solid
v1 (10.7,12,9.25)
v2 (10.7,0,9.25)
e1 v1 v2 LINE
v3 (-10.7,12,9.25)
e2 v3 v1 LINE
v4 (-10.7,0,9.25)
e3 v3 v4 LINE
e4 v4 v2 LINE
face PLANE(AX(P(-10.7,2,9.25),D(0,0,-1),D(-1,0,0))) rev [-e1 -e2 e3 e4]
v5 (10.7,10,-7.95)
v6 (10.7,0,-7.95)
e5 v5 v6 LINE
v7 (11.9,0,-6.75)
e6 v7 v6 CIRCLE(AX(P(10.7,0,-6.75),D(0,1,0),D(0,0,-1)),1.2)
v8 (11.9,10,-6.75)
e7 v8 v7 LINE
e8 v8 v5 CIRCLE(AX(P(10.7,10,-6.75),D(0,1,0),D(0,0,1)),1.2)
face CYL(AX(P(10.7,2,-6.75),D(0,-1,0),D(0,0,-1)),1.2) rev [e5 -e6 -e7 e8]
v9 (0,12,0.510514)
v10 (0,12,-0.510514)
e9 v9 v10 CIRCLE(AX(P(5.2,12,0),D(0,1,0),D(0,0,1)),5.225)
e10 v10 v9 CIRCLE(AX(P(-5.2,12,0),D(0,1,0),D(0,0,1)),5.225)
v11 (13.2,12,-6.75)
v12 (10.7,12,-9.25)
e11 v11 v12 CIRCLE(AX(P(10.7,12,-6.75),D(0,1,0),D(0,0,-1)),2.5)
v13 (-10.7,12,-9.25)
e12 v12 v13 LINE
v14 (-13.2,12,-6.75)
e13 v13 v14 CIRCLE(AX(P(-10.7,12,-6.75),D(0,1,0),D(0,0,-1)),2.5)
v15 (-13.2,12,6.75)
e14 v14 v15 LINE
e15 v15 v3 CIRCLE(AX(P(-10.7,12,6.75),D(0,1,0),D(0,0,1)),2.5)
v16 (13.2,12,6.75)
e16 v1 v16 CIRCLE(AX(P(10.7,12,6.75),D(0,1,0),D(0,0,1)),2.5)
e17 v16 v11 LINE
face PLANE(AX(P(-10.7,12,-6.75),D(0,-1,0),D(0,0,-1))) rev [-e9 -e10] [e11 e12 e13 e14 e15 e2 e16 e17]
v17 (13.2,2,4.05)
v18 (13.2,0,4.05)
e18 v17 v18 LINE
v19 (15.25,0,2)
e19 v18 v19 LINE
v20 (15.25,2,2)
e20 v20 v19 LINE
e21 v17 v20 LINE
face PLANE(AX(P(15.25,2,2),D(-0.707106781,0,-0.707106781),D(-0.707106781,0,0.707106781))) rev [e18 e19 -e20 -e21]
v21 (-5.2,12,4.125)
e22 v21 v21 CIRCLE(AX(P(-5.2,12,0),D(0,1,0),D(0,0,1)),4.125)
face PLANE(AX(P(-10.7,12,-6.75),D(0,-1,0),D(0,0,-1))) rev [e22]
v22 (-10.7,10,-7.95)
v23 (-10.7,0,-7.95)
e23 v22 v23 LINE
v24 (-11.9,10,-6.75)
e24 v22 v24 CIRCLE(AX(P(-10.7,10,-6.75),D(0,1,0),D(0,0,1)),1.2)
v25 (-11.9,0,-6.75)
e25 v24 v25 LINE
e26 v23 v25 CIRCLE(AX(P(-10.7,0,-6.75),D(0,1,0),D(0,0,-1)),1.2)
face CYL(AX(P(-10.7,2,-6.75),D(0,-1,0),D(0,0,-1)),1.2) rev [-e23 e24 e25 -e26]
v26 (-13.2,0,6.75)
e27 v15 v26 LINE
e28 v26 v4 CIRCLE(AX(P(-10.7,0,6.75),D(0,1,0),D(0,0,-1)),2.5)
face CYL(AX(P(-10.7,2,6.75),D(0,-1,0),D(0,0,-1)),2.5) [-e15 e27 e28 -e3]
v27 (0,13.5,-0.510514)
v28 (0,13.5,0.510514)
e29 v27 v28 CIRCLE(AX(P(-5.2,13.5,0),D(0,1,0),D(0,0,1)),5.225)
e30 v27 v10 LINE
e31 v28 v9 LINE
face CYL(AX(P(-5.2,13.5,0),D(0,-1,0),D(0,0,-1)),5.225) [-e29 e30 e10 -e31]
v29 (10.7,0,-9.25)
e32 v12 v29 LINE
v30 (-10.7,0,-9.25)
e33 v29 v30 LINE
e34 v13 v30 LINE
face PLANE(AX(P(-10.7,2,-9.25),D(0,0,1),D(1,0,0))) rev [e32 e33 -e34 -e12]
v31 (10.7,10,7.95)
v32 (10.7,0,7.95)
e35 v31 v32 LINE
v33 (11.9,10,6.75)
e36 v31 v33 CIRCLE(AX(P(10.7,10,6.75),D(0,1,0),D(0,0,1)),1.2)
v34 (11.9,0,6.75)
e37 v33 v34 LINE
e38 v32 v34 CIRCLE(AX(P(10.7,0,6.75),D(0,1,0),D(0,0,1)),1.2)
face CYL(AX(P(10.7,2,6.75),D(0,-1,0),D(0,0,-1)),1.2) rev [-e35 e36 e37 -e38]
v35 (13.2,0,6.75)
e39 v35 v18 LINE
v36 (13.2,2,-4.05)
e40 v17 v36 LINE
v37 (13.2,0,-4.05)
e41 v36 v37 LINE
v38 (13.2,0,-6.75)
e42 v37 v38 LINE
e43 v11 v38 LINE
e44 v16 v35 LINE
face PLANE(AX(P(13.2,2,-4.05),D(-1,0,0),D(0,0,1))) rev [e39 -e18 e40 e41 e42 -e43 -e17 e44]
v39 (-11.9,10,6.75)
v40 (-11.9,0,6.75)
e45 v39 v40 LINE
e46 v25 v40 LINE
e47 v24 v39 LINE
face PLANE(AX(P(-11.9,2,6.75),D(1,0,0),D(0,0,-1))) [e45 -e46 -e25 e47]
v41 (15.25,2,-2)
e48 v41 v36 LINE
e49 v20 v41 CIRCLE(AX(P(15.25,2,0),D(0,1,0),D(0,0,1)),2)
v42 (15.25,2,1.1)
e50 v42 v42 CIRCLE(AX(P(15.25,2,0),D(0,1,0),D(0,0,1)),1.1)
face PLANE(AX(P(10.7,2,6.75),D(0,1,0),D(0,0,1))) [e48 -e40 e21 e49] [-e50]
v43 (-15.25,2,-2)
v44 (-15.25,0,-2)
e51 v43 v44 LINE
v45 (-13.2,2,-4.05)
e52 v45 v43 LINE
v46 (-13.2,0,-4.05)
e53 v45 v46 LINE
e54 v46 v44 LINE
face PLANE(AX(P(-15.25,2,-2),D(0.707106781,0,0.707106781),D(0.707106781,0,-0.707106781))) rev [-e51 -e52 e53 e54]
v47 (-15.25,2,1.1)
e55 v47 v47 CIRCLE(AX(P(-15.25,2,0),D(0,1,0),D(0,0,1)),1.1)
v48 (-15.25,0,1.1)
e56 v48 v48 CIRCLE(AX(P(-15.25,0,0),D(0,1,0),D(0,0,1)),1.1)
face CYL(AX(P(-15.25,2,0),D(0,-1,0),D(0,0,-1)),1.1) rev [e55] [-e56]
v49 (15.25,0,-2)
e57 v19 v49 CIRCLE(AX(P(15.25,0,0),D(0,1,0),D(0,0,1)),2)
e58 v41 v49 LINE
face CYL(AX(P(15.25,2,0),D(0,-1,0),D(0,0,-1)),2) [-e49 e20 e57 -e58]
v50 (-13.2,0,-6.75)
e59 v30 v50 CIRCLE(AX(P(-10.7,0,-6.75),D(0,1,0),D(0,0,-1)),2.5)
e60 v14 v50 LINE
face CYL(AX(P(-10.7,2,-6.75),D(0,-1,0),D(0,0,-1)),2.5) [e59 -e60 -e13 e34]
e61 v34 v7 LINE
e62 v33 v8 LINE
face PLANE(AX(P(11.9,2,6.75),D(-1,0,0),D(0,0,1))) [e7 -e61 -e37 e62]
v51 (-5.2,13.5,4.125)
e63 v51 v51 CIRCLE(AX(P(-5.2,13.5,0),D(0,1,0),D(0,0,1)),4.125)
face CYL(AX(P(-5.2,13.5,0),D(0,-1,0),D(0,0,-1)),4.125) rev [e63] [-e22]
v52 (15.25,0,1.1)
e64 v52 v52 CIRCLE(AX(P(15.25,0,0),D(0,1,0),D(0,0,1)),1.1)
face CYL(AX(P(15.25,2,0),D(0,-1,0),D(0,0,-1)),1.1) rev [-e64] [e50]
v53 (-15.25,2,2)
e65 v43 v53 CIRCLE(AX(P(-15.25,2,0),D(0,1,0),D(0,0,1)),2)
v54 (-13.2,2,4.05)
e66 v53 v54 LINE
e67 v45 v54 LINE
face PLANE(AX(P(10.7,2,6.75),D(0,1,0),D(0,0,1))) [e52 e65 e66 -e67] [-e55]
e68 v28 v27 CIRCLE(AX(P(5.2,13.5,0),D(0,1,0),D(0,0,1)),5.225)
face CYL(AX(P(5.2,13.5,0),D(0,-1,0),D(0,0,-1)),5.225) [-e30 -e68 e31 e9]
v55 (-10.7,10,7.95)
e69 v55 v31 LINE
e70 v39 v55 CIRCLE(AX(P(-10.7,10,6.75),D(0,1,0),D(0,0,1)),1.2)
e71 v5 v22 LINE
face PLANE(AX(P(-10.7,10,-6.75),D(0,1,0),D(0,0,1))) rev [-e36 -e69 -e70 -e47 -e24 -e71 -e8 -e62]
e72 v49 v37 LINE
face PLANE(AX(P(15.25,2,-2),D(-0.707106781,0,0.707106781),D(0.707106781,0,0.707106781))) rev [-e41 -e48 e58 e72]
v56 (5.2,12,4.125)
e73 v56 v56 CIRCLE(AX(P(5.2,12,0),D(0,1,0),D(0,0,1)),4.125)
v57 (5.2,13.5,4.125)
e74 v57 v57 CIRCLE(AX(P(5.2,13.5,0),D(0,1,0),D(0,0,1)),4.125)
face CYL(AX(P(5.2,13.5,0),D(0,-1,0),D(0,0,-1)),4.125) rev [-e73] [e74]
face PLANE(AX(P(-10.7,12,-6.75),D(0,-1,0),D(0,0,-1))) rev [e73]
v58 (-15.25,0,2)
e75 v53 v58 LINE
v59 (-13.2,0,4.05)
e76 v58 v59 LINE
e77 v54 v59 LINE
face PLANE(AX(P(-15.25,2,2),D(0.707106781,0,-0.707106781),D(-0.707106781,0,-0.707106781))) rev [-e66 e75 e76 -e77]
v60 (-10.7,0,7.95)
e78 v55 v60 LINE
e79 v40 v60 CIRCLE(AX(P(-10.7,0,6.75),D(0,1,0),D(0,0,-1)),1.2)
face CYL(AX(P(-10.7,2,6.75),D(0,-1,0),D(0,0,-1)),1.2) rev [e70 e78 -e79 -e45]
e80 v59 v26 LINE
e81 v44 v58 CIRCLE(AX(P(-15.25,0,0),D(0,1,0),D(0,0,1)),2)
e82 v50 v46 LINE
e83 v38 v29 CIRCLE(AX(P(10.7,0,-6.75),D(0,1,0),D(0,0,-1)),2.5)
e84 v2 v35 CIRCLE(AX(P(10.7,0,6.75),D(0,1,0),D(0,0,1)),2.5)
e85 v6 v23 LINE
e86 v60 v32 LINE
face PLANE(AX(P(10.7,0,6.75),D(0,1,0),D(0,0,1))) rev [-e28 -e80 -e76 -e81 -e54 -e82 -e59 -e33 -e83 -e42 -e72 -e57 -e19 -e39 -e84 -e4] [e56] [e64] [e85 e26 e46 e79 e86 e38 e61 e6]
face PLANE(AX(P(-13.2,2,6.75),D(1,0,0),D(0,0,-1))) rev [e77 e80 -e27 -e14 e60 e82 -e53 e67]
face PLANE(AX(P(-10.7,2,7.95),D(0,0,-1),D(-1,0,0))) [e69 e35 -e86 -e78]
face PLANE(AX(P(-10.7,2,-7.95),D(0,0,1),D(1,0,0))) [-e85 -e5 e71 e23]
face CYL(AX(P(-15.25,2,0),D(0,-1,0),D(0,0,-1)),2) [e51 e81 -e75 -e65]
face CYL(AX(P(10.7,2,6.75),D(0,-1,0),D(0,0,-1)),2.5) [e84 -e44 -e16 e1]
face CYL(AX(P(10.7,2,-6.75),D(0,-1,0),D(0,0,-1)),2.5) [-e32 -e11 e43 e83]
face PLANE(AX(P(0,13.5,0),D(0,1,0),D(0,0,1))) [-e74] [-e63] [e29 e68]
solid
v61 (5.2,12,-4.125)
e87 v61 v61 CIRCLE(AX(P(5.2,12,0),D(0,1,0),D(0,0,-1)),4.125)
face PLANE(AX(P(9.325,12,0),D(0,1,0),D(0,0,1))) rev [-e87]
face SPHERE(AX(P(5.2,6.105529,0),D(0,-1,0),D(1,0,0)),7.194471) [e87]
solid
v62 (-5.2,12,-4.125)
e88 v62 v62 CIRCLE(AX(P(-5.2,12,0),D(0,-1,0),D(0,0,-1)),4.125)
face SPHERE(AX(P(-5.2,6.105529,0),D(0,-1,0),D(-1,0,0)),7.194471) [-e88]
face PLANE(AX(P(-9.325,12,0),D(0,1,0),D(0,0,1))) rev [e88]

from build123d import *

# Parameters (mm, degrees)
SKETCH2_R           = 1.1
BOSS_EXTRUDE1_DEPTH = 2
BOSS_EXTRUDE2_DEPTH = 10
BOSS_EXTRUDE3_START = -2
BOSS_EXTRUDE3_DEPTH = 2
SKETCH5_R           = 4.125
BOSS_EXTRUDE4_DEPTH = 1.5


with BuildPart() as part:
    # Sketch2 → Boss-Extrude1 (new body)
    with BuildSketch(Plane(origin=(0, 0, 0), x_dir=(1, 0, 0), z_dir=(0, 1, 0))):
        with BuildLine():
            Line((-10.7, -9.25), (10.7, -9.25))
            ThreePointArc((10.7, -9.25), (12.467766953, -8.517766953), (13.2, -6.75))
            Line((13.2, -6.75), (13.2, -4.05))
            Line((13.2, -4.05), (15.25, -2))
            ThreePointArc((15.25, -2), (17.25, 0), (15.25, 2))
            Line((15.25, 2), (13.2, 4.05))
            Line((13.2, 4.05), (13.2, 6.75))
            ThreePointArc((13.2, 6.75), (12.467766953, 8.517766953), (10.7, 9.25))
            Line((10.7, 9.25), (-10.7, 9.25))
            ThreePointArc((-10.7, 9.25), (-12.467766953, 8.517766953), (-13.2, 6.75))
            Line((-13.2, 6.75), (-13.2, 4.05))
            Line((-13.2, 4.05), (-15.25, 2))
            ThreePointArc((-15.25, 2), (-17.25, 0), (-15.25, -2))
            Line((-15.25, -2), (-13.2, -4.05))
            Line((-13.2, -4.05), (-13.2, -6.75))
            ThreePointArc((-13.2, -6.75), (-12.467766953, -8.517766953), (-10.7, -9.25))
        make_face()
        with Locations(Location((-15.25, 0, 0), (0, 0, 270))):
            Circle(SKETCH2_R, mode=Mode.SUBTRACT)
        with Locations(Location((15.25, 0, 0), (0, 0, 270))):
            Circle(SKETCH2_R, mode=Mode.SUBTRACT)
        with BuildLine():
            Line((-10.7, 7.95), (10.7, 7.95))
            ThreePointArc((10.7, 7.95), (11.548528137, 7.598528137), (11.9, 6.75))
            Line((11.9, 6.75), (11.9, -6.75))
            ThreePointArc((11.9, -6.75), (11.548528137, -7.598528137), (10.7, -7.95))
            Line((10.7, -7.95), (-10.7, -7.95))
            ThreePointArc((-10.7, -7.95), (-11.548528137, -7.598528137), (-11.9, -6.75))
            Line((-11.9, -6.75), (-11.9, 6.75))
            ThreePointArc((-11.9, 6.75), (-11.548528137, 7.598528137), (-10.7, 7.95))
        make_face(mode=Mode.SUBTRACT)
    extrude(amount=BOSS_EXTRUDE1_DEPTH)

    # Sketch3 → Boss-Extrude2 (add)
    with BuildSketch(Plane(origin=(0, 2, 0), x_dir=(1, 0, 0), z_dir=(0, 1, 0))):
        with BuildLine():
            Line((-13.2, 6.75), (-13.2, -6.75))
            ThreePointArc((-13.2, -6.75), (-12.467766953, -8.517766953), (-10.7, -9.25))
            Line((-10.7, -9.25), (10.7, -9.25))
            ThreePointArc((10.7, -9.25), (12.467766953, -8.517766953), (13.2, -6.75))
            Line((13.2, -6.75), (13.2, 6.75))
            ThreePointArc((13.2, 6.75), (12.467766953, 8.517766953), (10.7, 9.25))
            Line((10.7, 9.25), (-10.7, 9.25))
            ThreePointArc((-10.7, 9.25), (-12.467766953, 8.517766953), (-13.2, 6.75))
        make_face()
        with BuildLine():
            Line((-10.7, 7.95), (10.7, 7.95))
            ThreePointArc((10.7, 7.95), (11.548528137, 7.598528137), (11.9, 6.75))
            Line((11.9, 6.75), (11.9, -6.75))
            ThreePointArc((11.9, -6.75), (11.548528137, -7.598528137), (10.7, -7.95))
            Line((10.7, -7.95), (-10.7, -7.95))
            ThreePointArc((-10.7, -7.95), (-11.548528137, -7.598528137), (-11.9, -6.75))
            Line((-11.9, -6.75), (-11.9, 6.75))
            ThreePointArc((-11.9, 6.75), (-11.548528137, 7.598528137), (-10.7, 7.95))
        make_face(mode=Mode.SUBTRACT)
    extrude(amount=BOSS_EXTRUDE2_DEPTH)

    # Sketch4 → Boss-Extrude3 (add)
    with BuildSketch(Plane(origin=(0, 12, 0), x_dir=(1, 0, 0), z_dir=(0, 1, 0)).offset(BOSS_EXTRUDE3_START)):
        with BuildLine():
            Line((-10.7, 9.25), (10.7, 9.25))
            ThreePointArc((10.7, 9.25), (12.467766953, 8.517766953), (13.2, 6.75))
            Line((13.2, 6.75), (13.2, -6.75))
            ThreePointArc((13.2, -6.75), (12.467766953, -8.517766953), (10.7, -9.25))
            Line((10.7, -9.25), (-10.7, -9.25))
            ThreePointArc((-10.7, -9.25), (-12.467766953, -8.517766953), (-13.2, -6.75))
            Line((-13.2, -6.75), (-13.2, 6.75))
            ThreePointArc((-13.2, 6.75), (-12.467766953, 8.517766953), (-10.7, 9.25))
        make_face()
    extrude(amount=BOSS_EXTRUDE3_DEPTH)

    # Sketch5 → Boss-Extrude4 (add)
    with BuildSketch(Plane(origin=(0, 12, 0), x_dir=(1, 0, 0), z_dir=(0, 1, 0))):
        with BuildLine():
            ThreePointArc((0, 0.510514446), (-10.425, 0), (0, -0.510514446))
            ThreePointArc((0, -0.510514446), (10.425, 0), (0, 0.510514446))
        make_face()
        with Locations(Location((-5.2, 0, 0), (0, 0, 270))):
            Circle(SKETCH5_R, mode=Mode.SUBTRACT)
        with Locations(Location((5.2, 0, 0), (0, 0, 270))):
            Circle(SKETCH5_R, mode=Mode.SUBTRACT)
    extrude(amount=BOSS_EXTRUDE4_DEPTH)


with BuildPart() as body_2:
    # Sketch7 → Revolve1 (revolve)
    with BuildSketch(Plane.XY):
        with BuildLine():
            Line((-5.2, 13.3), (-5.2, 12))
            Line((-5.2, 12), (-9.325, 12))
            ThreePointArc((-9.325, 12), (-7.3625, 12.967307692), (-5.2, 13.3))
        make_face()
    revolve(axis=Axis((-5.2, 13.3, 0), (0, 1, 0)))


with BuildPart() as body_3:
    # Mirror1: mirrored copy
    add(body_2.part.mirror(Plane(origin=(0, 0, 0), x_dir=(0, 0, 1), z_dir=(1, 0, 0))))


solid = Compound([part.part, body_2.part, body_3.part])
